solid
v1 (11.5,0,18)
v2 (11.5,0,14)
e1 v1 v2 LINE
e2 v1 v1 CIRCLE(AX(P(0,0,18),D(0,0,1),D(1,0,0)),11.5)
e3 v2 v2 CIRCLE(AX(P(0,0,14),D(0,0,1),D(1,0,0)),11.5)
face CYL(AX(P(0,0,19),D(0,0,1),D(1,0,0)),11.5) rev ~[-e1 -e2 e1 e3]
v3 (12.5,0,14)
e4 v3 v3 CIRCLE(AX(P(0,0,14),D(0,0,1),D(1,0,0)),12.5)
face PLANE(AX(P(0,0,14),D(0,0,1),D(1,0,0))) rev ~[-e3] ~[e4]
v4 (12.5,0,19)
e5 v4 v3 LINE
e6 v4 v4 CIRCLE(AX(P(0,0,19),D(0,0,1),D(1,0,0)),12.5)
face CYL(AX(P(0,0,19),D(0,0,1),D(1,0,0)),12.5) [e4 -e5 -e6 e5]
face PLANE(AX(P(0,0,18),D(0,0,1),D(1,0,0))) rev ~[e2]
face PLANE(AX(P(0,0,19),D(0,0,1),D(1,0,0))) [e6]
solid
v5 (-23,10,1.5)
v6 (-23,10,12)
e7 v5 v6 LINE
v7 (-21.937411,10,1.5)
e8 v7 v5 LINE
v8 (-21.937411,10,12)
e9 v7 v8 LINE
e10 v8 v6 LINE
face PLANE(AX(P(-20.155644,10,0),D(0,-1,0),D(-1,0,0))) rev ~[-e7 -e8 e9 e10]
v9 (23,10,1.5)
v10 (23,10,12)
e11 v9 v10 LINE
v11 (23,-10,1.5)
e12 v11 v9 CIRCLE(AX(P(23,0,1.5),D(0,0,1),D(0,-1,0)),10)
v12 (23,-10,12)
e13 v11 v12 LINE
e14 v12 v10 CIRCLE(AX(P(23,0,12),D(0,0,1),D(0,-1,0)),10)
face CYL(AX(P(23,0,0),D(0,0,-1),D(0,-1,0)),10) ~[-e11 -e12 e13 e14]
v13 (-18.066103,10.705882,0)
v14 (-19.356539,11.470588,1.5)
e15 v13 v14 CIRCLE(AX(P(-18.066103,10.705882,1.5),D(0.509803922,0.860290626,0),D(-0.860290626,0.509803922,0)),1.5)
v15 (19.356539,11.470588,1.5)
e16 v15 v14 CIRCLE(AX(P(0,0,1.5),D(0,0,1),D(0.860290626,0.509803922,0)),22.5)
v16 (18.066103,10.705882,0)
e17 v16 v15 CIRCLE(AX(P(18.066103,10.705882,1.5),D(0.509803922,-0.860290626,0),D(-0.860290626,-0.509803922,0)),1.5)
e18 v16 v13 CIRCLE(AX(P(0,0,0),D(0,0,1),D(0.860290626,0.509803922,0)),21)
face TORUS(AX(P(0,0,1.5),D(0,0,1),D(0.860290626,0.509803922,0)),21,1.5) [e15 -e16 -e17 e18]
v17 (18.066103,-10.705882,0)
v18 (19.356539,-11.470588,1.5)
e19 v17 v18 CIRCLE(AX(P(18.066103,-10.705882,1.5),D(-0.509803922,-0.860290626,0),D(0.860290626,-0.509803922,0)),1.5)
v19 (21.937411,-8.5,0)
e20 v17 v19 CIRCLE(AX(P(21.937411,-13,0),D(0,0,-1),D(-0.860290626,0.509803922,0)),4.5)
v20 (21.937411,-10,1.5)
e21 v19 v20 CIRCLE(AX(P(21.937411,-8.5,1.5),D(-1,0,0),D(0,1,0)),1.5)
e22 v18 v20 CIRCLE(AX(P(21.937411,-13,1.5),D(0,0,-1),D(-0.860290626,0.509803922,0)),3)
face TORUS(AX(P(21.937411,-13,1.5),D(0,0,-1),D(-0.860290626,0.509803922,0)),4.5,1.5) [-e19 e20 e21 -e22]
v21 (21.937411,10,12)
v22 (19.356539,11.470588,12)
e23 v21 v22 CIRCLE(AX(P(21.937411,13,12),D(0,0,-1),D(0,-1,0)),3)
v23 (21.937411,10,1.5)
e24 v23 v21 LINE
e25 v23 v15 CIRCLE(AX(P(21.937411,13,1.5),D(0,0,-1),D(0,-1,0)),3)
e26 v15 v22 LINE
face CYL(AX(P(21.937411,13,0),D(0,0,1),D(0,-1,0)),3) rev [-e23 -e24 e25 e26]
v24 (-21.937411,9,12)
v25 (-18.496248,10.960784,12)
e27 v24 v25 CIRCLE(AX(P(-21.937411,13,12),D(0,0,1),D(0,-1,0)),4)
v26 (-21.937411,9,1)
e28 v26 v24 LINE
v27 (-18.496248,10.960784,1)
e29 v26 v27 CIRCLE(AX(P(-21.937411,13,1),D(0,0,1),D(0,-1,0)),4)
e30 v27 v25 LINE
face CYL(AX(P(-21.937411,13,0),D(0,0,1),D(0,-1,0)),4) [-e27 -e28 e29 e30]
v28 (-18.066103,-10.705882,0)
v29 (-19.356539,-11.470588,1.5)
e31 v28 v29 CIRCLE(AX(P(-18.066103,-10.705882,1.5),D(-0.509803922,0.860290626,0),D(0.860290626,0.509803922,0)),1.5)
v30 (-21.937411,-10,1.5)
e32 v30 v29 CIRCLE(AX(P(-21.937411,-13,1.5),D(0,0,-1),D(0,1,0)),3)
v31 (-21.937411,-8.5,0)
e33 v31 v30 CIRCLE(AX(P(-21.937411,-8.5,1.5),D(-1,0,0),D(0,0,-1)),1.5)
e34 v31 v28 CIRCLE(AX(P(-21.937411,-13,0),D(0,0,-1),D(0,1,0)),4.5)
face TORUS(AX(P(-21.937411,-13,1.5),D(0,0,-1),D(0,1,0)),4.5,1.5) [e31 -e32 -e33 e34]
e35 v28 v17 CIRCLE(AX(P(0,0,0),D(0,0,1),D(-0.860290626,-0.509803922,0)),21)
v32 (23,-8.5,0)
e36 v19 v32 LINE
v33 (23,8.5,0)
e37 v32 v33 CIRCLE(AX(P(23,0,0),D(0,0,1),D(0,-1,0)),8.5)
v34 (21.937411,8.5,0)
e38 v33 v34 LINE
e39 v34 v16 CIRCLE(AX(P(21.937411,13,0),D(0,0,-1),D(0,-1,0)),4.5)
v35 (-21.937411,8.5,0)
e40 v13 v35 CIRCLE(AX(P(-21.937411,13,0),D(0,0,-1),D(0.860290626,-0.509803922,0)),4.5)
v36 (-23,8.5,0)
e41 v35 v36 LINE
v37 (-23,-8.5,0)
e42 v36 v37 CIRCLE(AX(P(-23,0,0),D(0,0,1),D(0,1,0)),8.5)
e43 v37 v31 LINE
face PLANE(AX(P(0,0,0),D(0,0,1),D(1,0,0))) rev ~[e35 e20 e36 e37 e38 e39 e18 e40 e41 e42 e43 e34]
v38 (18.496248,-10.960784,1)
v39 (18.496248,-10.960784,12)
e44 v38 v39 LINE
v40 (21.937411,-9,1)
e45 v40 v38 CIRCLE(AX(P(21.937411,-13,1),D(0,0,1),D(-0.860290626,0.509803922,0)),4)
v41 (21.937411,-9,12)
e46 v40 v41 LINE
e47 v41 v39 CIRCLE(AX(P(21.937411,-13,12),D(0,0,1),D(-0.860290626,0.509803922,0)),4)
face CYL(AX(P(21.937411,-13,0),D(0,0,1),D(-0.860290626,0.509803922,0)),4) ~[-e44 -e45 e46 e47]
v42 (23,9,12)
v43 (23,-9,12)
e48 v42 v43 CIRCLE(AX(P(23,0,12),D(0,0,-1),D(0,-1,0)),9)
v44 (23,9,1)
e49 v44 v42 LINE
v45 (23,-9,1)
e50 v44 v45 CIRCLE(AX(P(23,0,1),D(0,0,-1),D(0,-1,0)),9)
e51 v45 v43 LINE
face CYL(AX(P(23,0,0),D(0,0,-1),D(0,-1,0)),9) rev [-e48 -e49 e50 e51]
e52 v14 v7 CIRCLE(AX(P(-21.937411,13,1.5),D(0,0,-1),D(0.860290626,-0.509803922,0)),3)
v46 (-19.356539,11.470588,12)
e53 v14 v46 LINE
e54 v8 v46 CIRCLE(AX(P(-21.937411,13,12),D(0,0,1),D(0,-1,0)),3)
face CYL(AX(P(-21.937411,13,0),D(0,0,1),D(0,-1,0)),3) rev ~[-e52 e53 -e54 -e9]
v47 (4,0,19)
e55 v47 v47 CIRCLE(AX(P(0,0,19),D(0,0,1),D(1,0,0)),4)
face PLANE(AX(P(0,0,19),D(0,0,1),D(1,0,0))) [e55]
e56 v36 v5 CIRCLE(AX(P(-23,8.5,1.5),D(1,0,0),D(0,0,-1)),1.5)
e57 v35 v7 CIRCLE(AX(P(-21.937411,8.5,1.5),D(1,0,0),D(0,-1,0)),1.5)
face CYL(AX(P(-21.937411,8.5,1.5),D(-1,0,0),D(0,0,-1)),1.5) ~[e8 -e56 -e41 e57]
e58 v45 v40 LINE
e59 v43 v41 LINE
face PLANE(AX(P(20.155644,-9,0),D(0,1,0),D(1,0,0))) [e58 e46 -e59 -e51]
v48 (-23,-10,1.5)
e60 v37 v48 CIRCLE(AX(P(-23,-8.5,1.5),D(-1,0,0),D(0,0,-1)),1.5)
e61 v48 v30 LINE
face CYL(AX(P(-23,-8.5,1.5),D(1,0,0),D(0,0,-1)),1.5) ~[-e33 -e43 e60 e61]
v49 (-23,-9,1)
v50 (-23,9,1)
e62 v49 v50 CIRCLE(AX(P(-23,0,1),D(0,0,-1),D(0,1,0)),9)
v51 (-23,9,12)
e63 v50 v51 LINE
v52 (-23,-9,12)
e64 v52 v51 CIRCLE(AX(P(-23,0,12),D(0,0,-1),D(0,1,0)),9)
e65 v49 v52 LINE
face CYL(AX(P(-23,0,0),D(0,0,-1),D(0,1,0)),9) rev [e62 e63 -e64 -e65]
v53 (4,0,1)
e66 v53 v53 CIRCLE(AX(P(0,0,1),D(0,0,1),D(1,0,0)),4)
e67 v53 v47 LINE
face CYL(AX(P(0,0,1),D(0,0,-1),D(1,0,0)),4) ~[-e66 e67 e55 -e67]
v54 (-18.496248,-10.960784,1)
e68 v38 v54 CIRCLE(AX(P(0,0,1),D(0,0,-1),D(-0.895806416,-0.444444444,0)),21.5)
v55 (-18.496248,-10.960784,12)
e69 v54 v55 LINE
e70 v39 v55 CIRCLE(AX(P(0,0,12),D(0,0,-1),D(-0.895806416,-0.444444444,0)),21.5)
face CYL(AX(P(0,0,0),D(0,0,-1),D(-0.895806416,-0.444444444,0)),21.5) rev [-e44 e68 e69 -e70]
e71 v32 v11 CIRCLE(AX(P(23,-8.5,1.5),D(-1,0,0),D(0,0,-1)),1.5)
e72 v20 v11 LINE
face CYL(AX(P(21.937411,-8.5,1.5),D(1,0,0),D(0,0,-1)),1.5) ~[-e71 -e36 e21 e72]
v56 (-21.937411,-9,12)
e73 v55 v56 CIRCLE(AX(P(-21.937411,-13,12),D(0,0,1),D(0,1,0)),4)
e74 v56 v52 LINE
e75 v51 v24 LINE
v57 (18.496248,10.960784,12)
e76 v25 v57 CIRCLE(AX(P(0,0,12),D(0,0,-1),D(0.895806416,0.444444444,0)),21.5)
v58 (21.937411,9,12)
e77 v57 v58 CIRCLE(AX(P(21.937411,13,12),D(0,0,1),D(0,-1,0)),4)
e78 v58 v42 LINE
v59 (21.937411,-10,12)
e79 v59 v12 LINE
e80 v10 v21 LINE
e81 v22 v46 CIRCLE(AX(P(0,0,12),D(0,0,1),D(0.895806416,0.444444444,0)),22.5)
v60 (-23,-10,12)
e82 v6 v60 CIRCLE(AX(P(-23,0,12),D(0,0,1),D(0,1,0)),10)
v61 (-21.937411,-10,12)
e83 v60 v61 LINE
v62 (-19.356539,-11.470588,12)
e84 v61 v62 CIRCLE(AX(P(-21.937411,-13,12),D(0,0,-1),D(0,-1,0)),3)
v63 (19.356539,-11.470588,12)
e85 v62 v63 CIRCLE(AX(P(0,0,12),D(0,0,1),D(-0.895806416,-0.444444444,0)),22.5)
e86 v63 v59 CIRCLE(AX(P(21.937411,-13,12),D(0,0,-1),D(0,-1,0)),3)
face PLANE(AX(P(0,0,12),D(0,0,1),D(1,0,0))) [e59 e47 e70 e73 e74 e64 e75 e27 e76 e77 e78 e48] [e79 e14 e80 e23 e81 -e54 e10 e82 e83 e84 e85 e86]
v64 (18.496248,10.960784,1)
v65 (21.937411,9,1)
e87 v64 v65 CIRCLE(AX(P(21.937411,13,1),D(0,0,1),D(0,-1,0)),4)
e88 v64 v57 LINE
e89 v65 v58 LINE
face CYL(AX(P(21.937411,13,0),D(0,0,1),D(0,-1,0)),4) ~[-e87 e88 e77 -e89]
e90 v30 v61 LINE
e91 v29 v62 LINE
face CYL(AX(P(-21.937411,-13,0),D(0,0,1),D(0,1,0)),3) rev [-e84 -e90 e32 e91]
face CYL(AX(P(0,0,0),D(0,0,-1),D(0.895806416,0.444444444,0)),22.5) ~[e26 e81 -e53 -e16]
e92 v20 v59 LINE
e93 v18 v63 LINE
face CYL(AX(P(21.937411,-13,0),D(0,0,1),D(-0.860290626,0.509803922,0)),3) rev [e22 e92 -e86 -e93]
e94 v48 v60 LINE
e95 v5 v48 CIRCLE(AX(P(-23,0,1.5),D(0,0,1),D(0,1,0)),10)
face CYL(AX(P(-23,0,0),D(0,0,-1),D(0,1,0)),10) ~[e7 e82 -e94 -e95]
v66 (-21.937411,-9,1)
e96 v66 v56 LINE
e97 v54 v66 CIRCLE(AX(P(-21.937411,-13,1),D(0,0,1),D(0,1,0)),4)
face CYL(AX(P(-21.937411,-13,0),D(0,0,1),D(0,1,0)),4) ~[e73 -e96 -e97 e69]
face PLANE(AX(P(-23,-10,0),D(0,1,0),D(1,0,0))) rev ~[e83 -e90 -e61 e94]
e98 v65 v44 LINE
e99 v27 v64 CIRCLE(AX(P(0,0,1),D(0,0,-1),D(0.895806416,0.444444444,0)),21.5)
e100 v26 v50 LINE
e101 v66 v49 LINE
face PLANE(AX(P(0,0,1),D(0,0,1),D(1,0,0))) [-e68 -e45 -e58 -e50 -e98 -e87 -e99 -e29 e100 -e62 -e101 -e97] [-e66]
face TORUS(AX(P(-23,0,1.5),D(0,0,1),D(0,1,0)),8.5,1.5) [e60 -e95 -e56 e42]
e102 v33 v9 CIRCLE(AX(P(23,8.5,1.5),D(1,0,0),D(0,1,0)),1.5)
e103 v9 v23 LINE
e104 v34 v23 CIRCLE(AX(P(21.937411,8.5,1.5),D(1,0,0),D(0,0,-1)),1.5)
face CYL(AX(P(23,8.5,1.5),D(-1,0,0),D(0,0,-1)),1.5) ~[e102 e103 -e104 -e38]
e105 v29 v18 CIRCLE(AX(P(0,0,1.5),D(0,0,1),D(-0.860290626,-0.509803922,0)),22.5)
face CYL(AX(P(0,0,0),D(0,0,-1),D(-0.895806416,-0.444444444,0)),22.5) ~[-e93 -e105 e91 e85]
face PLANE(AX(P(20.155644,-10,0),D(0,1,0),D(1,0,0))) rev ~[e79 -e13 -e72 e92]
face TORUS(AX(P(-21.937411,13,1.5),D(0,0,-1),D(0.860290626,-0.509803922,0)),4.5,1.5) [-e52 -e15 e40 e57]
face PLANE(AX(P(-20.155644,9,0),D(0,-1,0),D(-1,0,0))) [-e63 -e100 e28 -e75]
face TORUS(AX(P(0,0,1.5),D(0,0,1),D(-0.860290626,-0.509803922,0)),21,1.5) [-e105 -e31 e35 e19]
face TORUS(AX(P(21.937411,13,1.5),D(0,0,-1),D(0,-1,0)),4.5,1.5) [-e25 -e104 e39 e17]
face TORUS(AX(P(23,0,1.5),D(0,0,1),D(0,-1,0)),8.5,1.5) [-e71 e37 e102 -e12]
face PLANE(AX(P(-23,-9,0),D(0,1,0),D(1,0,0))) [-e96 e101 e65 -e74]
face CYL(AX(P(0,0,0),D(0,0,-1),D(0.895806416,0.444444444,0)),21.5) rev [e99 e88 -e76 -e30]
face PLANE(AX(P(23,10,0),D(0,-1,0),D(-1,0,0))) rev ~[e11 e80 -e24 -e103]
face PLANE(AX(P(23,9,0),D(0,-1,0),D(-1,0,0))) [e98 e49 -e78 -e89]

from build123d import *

# Parameters (mm, degrees)
DODANIE_WYCI_GNI_CIE1_DEPTH = 12
ZAOKR_GLENIE1_R             = 3
SKORUPA1_T                  = -1
SZKIC2_R                    = 4
DODANIE_WYCI_GNI_CIE2_DEPTH = 18
SZKIC3_R                    = 12.5
DODANIE_WYCI_GNI_CIE3_DEPTH = 5
SKORUPA2_T                  = -1
ZAOKR_GLENIE2_R             = 1.5


with BuildPart() as part:
    # Szkic1 → Dodanie-wyciągnięcie1 (new body)
    with BuildSketch(Plane.XY):
        with BuildLine():
            Line((-20.155644371, 10), (-23, 10))
            ThreePointArc((-23, 10), (-33, 0), (-23, -10))
            Line((-23, -10), (-20.155644371, -10))
            ThreePointArc((-20.155644371, -10), (0, -22.5), (20.155644371, -10))
            Line((20.155644371, -10), (23, -10))
            ThreePointArc((23, -10), (33, 0), (23, 10))
            Line((23, 10), (20.155644371, 10))
            ThreePointArc((20.155644371, 10), (0, 22.5), (-20.155644371, 10))
        make_face()
    extrude(amount=DODANIE_WYCI_GNI_CIE1_DEPTH)

    # Zaokrąglenie1
    zaokr_glenie1_edges = [part.edges().sort_by_distance(p)[0] for p in [
        (20.155644371, 10, 6),
        (20.155644371, -10, 6),
        (-20.155644371, -10, 6),
        (-20.155644371, 10, 6),
    ]]
    fillet(zaokr_glenie1_edges, radius=ZAOKR_GLENIE1_R)

    # Skorupa1
    skorupa1_openings = [part.faces().sort_by_distance(p)[0] for p in [
        (0, 0, 12),
    ]]
    offset(amount=SKORUPA1_T, openings=skorupa1_openings, kind=Kind.INTERSECTION)

    # Szkic2 → Dodanie-wyciągnięcie2 (add)
    with BuildSketch(Plane.XY.offset(1)):
        Circle(SZKIC2_R)
    extrude(amount=DODANIE_WYCI_GNI_CIE2_DEPTH)

    # Zaokrąglenie2
    zaokr_glenie2_edges = [part.edges().sort_by_distance(p)[0] for p in [
        (-22.468705484, -10, 0),
        (-33, 0, 0),
        (0, -22.5, 0),
        (22.468705484, -10, 0),
        (0, 22.5, 0),
        (-22.468705484, 10, 0),
        (-20.452189654, -10.393447172, 0),
        (20.452189654, -10.393447172, 0),
        (20.452189654, 10.393447172, 0),
        (-20.452189654, 10.393447172, 0),
        (22.468705484, 10, 0),
        (33, 0, 0),
    ]]
    fillet(zaokr_glenie2_edges, radius=ZAOKR_GLENIE2_R)


with BuildPart() as body_2:
    # Szkic3 → Dodanie-wyciągnięcie3 (new body)
    with BuildSketch(Plane.XY.offset(19)):
        Circle(SZKIC3_R)
    extrude(amount=-DODANIE_WYCI_GNI_CIE3_DEPTH)

    # Skorupa2
    skorupa2_openings = [body_2.faces().sort_by_distance(p)[0] for p in [
        (0, 0, 14),
    ]]
    offset(amount=SKORUPA2_T, openings=skorupa2_openings, kind=Kind.INTERSECTION)


solid = Compound([part.part, body_2.part])
